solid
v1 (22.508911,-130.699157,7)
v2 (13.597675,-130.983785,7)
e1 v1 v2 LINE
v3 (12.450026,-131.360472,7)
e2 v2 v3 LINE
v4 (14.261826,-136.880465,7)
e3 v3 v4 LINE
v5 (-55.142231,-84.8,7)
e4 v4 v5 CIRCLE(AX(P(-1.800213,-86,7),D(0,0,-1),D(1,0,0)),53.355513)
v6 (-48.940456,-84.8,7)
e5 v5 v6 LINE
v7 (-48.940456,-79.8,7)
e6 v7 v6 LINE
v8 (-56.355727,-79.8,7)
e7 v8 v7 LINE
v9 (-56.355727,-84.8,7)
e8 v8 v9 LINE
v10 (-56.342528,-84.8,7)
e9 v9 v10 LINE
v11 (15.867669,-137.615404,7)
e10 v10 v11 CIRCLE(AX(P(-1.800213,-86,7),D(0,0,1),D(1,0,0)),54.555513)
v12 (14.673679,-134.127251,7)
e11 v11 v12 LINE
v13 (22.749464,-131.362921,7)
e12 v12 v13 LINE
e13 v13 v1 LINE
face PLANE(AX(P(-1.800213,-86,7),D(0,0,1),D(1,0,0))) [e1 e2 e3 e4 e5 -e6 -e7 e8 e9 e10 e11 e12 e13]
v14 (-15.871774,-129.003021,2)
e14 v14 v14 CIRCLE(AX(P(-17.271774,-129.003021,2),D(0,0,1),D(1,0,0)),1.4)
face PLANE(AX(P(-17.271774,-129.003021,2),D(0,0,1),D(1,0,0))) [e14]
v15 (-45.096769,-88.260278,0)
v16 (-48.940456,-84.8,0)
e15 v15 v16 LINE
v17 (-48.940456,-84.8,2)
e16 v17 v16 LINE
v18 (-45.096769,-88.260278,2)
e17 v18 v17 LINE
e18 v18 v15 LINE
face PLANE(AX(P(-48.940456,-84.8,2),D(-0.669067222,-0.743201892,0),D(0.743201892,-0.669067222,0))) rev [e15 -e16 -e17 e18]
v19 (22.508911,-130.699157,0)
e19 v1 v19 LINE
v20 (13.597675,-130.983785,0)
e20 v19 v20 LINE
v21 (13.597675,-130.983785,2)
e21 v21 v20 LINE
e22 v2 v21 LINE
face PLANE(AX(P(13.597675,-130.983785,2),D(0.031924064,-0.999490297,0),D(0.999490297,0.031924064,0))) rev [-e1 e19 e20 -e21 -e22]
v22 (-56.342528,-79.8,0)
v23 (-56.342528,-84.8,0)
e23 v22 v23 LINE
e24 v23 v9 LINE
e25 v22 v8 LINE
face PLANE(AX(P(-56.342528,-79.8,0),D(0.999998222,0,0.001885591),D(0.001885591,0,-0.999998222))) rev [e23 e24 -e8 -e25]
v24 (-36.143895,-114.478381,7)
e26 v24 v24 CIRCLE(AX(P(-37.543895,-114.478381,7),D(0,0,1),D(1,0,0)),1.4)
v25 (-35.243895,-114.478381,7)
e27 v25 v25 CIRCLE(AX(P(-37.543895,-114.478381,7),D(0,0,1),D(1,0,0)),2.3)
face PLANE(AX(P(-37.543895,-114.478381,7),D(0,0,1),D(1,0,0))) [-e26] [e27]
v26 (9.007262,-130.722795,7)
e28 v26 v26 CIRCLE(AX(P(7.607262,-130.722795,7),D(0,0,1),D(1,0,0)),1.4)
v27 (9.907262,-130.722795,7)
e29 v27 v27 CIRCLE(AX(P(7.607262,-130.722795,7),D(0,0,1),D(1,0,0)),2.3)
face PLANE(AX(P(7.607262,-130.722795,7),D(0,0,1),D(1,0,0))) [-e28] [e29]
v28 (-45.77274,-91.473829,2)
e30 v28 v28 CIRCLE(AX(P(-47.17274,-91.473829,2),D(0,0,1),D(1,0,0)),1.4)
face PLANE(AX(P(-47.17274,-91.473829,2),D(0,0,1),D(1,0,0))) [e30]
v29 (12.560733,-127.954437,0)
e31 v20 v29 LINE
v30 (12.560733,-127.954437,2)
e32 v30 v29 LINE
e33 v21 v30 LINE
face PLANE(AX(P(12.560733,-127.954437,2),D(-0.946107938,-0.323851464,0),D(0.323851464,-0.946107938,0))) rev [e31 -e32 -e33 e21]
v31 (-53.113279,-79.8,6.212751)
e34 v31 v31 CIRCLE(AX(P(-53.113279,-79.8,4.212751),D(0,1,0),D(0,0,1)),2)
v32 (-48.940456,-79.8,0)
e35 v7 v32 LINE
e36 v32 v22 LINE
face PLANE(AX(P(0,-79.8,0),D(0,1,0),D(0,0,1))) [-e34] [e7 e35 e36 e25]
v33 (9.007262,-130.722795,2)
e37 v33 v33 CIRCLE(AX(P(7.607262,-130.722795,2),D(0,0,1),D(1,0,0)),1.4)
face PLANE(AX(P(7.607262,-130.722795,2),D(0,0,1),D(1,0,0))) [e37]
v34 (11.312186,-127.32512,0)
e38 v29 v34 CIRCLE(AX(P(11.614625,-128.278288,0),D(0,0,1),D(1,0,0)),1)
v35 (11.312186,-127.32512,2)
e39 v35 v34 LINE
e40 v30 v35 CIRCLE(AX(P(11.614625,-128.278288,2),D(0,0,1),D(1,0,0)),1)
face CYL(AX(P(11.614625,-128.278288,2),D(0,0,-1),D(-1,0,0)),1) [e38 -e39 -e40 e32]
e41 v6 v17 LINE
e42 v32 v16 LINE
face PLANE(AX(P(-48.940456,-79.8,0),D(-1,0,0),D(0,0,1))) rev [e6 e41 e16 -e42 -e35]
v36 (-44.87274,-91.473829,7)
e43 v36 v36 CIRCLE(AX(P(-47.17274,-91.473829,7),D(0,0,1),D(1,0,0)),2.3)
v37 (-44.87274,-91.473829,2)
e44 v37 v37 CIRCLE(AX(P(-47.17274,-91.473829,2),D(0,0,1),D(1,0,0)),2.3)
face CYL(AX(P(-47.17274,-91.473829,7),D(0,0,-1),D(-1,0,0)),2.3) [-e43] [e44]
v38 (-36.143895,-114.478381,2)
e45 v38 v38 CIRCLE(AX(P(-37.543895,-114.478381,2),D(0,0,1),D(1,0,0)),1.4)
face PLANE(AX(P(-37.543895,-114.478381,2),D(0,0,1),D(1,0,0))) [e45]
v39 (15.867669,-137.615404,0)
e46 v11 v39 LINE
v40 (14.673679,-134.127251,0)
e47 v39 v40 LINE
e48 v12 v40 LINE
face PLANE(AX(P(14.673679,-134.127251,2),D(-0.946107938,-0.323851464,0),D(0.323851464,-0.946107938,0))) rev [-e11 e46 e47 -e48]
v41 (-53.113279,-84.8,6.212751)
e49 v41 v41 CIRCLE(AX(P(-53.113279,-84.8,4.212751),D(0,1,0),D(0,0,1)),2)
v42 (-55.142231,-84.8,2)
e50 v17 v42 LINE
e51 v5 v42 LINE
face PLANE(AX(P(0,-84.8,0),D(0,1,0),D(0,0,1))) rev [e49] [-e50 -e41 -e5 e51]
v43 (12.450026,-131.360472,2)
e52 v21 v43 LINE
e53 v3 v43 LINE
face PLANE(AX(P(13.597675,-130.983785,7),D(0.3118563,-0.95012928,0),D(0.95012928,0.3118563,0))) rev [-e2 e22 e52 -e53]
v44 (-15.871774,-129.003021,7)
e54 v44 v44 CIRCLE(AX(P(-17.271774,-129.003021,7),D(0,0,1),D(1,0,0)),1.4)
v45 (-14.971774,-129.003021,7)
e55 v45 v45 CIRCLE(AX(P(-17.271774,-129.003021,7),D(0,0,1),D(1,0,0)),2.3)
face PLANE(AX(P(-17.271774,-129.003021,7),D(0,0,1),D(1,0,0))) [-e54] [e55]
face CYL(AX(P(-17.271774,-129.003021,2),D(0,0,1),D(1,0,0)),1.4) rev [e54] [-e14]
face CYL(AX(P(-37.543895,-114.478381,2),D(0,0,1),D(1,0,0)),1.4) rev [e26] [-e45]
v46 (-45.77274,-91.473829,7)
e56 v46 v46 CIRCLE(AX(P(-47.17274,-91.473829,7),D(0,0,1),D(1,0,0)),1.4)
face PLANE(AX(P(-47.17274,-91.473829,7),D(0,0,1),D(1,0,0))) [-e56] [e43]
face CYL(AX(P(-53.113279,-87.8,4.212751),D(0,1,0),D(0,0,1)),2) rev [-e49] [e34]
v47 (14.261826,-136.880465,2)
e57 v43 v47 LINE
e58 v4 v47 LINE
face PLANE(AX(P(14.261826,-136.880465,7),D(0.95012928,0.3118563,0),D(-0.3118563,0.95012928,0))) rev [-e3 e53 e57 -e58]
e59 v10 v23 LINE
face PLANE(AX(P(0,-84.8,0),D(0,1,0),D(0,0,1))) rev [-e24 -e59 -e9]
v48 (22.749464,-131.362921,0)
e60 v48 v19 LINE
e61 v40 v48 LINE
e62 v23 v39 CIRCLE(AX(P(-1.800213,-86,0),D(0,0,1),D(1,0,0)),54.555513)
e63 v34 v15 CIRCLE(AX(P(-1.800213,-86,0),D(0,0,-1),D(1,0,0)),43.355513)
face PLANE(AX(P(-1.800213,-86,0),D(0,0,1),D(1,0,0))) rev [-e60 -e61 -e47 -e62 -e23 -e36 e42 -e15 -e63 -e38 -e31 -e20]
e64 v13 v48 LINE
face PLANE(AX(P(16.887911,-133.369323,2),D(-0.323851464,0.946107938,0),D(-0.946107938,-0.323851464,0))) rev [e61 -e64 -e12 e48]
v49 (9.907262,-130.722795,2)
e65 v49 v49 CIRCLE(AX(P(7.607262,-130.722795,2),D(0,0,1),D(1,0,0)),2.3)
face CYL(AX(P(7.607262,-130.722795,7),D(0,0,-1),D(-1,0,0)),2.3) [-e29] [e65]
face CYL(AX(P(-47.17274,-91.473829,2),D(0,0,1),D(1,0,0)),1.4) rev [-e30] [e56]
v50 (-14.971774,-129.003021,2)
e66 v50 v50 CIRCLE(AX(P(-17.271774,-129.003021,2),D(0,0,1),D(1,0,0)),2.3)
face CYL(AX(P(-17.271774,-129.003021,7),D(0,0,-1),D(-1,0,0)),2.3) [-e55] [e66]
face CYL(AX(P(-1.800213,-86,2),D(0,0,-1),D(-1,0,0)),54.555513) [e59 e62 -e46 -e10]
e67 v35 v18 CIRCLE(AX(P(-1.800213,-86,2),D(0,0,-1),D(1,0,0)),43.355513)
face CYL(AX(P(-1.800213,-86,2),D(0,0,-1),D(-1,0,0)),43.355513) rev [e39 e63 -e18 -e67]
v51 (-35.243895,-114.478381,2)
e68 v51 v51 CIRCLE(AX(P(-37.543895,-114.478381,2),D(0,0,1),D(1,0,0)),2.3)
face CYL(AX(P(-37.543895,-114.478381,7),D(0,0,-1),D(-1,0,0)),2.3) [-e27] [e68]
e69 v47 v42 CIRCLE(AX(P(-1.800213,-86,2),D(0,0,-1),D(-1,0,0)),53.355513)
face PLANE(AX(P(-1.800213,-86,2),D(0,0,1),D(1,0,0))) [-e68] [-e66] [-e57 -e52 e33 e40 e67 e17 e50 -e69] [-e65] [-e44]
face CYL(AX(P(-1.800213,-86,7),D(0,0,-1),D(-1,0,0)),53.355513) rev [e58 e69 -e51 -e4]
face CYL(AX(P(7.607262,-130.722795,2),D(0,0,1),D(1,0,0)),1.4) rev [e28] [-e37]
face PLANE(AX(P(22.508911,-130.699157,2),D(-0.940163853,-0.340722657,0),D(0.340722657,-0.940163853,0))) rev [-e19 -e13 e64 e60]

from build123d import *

# Parameters (mm, degrees)
BOSS_EXTRUDE1_DEPTH = 2
BOSS_EXTRUDE2_DEPTH = 5
SKETCH3_R           = 2.3
BOSS_EXTRUDE3_DEPTH = 5
BOSS_EXTRUDE4_DEPTH = 5
SKETCH6_R           = 1.4
CUT_EXTRUDE1_DEPTH  = 5
SKETCH7_R           = 2
CUT_EXTRUDE2_DEPTH  = 8


with BuildPart() as part:
    # Sketch1 → Boss-Extrude1 (new body)
    with BuildSketch(Plane.XY):
        with BuildLine():
            Line((16.887910555, -133.369322594), (14.673679255, -134.127250965))
            Line((14.673679255, -134.127250965), (15.867669408, -137.615404294))
            ThreePointArc((15.867669408, -137.615404294), (-34.007319131, -130.034150274), (-56.342527733, -84.8))
            Line((-56.342527733, -84.8), (-48.940455795, -84.8))
            Line((-48.940455795, -84.8), (-45.096768624, -88.26027792))
            ThreePointArc((-45.096768624, -88.26027792), (-26.483938318, -121.642871269), (11.312186404, -127.325119655))
            ThreePointArc((11.312186404, -127.325119655), (12.064722619, -127.385308804), (12.560733381, -127.954436921))
            Line((12.560733381, -127.954436921), (13.597675192, -130.983785211))
            Line((13.597675192, -130.983785211), (22.508911342, -130.69915726))
            Line((22.508911342, -130.69915726), (22.749464344, -131.362920683))
            Line((22.749464344, -131.362920683), (16.887910555, -133.369322594))
        make_face()
    extrude(amount=BOSS_EXTRUDE1_DEPTH)

    # Sketch2 → Boss-Extrude2 (add)
    with BuildSketch(Plane.XY.offset(2)):
        with BuildLine():
            Line((-56.342527733, -84.8), (-55.142230801, -84.8))
            ThreePointArc((-55.142230801, -84.8), (-55.152352766, -85.399962054), (-55.155726896, -86))
            ThreePointArc((-55.155726896, -86), (-33.342347458, -129.033761126), (14.261826326, -136.880464731))
            Line((14.261826326, -136.880464731), (12.45002618, -131.36047245))
            Line((12.45002618, -131.36047245), (13.597675192, -130.983785211))
            Line((13.597675192, -130.983785211), (15.867669408, -137.615404294))
            ThreePointArc((15.867669408, -137.615404294), (15.540815193, -137.726132378), (15.21326709, -137.834790682))
            ThreePointArc((15.21326709, -137.834790682), (-33.801189066, -130.184178235), (-56.355726896, -86))
            ThreePointArc((-56.355726896, -86), (-56.352427006, -85.399963706), (-56.342527733, -84.8))
        make_face()
    extrude(amount=BOSS_EXTRUDE2_DEPTH)

    # Sketch3 → Boss-Extrude3 (add)
    with BuildSketch(Plane.XY.offset(2)):
        with Locations((7.607262335, -130.722795016)):
            Circle(SKETCH3_R)
        with Locations((-17.271773957, -129.003020951)):
            Circle(SKETCH3_R)
        with Locations((-37.543895432, -114.478381178)):
            Circle(SKETCH3_R)
        with Locations((-47.172740285, -91.473829097)):
            Circle(SKETCH3_R)
        Polygon((14.673679255, -134.127250965), (22.749464344, -131.362920683), (22.508911342, -130.69915726), (13.597675192, -130.983785211), align=None)
    extrude(amount=BOSS_EXTRUDE3_DEPTH)

    # Sketch4 → Boss-Extrude4 (add)
    with BuildSketch(Plane(origin=(0, -84.8, 0), x_dir=(1, 0, 0), z_dir=(0, 1, 0))):
        Polygon((-56.342527733, 0), (-48.940455795, 0), (-48.940455795, -7), (-56.355726896, -7), align=None)
    extrude(amount=BOSS_EXTRUDE4_DEPTH)

    # Sketch6 → Cut-Extrude1 (cut)
    with BuildSketch(Plane.XY.offset(7)):
        with Locations((-47.172740285, -91.473829097)):
            Circle(SKETCH6_R)
        with Locations((-37.543895432, -114.478381178)):
            Circle(SKETCH6_R)
        with Locations((-17.271773957, -129.003020951)):
            Circle(SKETCH6_R)
        with Locations((7.607262335, -130.722795016)):
            Circle(SKETCH6_R)
    extrude(amount=-CUT_EXTRUDE1_DEPTH, mode=Mode.SUBTRACT)

    # Sketch7 → Cut-Extrude2 (cut)
    with BuildSketch(Plane(origin=(0, -79.8, 0), x_dir=(1, 0, 0), z_dir=(0, 1, 0))):
        with Locations(Location((-53.113278602, -4.212750817, 0), (0, 0, 270))):
            Circle(SKETCH7_R)
    extrude(amount=-CUT_EXTRUDE2_DEPTH, mode=Mode.SUBTRACT)


solid = part.part
